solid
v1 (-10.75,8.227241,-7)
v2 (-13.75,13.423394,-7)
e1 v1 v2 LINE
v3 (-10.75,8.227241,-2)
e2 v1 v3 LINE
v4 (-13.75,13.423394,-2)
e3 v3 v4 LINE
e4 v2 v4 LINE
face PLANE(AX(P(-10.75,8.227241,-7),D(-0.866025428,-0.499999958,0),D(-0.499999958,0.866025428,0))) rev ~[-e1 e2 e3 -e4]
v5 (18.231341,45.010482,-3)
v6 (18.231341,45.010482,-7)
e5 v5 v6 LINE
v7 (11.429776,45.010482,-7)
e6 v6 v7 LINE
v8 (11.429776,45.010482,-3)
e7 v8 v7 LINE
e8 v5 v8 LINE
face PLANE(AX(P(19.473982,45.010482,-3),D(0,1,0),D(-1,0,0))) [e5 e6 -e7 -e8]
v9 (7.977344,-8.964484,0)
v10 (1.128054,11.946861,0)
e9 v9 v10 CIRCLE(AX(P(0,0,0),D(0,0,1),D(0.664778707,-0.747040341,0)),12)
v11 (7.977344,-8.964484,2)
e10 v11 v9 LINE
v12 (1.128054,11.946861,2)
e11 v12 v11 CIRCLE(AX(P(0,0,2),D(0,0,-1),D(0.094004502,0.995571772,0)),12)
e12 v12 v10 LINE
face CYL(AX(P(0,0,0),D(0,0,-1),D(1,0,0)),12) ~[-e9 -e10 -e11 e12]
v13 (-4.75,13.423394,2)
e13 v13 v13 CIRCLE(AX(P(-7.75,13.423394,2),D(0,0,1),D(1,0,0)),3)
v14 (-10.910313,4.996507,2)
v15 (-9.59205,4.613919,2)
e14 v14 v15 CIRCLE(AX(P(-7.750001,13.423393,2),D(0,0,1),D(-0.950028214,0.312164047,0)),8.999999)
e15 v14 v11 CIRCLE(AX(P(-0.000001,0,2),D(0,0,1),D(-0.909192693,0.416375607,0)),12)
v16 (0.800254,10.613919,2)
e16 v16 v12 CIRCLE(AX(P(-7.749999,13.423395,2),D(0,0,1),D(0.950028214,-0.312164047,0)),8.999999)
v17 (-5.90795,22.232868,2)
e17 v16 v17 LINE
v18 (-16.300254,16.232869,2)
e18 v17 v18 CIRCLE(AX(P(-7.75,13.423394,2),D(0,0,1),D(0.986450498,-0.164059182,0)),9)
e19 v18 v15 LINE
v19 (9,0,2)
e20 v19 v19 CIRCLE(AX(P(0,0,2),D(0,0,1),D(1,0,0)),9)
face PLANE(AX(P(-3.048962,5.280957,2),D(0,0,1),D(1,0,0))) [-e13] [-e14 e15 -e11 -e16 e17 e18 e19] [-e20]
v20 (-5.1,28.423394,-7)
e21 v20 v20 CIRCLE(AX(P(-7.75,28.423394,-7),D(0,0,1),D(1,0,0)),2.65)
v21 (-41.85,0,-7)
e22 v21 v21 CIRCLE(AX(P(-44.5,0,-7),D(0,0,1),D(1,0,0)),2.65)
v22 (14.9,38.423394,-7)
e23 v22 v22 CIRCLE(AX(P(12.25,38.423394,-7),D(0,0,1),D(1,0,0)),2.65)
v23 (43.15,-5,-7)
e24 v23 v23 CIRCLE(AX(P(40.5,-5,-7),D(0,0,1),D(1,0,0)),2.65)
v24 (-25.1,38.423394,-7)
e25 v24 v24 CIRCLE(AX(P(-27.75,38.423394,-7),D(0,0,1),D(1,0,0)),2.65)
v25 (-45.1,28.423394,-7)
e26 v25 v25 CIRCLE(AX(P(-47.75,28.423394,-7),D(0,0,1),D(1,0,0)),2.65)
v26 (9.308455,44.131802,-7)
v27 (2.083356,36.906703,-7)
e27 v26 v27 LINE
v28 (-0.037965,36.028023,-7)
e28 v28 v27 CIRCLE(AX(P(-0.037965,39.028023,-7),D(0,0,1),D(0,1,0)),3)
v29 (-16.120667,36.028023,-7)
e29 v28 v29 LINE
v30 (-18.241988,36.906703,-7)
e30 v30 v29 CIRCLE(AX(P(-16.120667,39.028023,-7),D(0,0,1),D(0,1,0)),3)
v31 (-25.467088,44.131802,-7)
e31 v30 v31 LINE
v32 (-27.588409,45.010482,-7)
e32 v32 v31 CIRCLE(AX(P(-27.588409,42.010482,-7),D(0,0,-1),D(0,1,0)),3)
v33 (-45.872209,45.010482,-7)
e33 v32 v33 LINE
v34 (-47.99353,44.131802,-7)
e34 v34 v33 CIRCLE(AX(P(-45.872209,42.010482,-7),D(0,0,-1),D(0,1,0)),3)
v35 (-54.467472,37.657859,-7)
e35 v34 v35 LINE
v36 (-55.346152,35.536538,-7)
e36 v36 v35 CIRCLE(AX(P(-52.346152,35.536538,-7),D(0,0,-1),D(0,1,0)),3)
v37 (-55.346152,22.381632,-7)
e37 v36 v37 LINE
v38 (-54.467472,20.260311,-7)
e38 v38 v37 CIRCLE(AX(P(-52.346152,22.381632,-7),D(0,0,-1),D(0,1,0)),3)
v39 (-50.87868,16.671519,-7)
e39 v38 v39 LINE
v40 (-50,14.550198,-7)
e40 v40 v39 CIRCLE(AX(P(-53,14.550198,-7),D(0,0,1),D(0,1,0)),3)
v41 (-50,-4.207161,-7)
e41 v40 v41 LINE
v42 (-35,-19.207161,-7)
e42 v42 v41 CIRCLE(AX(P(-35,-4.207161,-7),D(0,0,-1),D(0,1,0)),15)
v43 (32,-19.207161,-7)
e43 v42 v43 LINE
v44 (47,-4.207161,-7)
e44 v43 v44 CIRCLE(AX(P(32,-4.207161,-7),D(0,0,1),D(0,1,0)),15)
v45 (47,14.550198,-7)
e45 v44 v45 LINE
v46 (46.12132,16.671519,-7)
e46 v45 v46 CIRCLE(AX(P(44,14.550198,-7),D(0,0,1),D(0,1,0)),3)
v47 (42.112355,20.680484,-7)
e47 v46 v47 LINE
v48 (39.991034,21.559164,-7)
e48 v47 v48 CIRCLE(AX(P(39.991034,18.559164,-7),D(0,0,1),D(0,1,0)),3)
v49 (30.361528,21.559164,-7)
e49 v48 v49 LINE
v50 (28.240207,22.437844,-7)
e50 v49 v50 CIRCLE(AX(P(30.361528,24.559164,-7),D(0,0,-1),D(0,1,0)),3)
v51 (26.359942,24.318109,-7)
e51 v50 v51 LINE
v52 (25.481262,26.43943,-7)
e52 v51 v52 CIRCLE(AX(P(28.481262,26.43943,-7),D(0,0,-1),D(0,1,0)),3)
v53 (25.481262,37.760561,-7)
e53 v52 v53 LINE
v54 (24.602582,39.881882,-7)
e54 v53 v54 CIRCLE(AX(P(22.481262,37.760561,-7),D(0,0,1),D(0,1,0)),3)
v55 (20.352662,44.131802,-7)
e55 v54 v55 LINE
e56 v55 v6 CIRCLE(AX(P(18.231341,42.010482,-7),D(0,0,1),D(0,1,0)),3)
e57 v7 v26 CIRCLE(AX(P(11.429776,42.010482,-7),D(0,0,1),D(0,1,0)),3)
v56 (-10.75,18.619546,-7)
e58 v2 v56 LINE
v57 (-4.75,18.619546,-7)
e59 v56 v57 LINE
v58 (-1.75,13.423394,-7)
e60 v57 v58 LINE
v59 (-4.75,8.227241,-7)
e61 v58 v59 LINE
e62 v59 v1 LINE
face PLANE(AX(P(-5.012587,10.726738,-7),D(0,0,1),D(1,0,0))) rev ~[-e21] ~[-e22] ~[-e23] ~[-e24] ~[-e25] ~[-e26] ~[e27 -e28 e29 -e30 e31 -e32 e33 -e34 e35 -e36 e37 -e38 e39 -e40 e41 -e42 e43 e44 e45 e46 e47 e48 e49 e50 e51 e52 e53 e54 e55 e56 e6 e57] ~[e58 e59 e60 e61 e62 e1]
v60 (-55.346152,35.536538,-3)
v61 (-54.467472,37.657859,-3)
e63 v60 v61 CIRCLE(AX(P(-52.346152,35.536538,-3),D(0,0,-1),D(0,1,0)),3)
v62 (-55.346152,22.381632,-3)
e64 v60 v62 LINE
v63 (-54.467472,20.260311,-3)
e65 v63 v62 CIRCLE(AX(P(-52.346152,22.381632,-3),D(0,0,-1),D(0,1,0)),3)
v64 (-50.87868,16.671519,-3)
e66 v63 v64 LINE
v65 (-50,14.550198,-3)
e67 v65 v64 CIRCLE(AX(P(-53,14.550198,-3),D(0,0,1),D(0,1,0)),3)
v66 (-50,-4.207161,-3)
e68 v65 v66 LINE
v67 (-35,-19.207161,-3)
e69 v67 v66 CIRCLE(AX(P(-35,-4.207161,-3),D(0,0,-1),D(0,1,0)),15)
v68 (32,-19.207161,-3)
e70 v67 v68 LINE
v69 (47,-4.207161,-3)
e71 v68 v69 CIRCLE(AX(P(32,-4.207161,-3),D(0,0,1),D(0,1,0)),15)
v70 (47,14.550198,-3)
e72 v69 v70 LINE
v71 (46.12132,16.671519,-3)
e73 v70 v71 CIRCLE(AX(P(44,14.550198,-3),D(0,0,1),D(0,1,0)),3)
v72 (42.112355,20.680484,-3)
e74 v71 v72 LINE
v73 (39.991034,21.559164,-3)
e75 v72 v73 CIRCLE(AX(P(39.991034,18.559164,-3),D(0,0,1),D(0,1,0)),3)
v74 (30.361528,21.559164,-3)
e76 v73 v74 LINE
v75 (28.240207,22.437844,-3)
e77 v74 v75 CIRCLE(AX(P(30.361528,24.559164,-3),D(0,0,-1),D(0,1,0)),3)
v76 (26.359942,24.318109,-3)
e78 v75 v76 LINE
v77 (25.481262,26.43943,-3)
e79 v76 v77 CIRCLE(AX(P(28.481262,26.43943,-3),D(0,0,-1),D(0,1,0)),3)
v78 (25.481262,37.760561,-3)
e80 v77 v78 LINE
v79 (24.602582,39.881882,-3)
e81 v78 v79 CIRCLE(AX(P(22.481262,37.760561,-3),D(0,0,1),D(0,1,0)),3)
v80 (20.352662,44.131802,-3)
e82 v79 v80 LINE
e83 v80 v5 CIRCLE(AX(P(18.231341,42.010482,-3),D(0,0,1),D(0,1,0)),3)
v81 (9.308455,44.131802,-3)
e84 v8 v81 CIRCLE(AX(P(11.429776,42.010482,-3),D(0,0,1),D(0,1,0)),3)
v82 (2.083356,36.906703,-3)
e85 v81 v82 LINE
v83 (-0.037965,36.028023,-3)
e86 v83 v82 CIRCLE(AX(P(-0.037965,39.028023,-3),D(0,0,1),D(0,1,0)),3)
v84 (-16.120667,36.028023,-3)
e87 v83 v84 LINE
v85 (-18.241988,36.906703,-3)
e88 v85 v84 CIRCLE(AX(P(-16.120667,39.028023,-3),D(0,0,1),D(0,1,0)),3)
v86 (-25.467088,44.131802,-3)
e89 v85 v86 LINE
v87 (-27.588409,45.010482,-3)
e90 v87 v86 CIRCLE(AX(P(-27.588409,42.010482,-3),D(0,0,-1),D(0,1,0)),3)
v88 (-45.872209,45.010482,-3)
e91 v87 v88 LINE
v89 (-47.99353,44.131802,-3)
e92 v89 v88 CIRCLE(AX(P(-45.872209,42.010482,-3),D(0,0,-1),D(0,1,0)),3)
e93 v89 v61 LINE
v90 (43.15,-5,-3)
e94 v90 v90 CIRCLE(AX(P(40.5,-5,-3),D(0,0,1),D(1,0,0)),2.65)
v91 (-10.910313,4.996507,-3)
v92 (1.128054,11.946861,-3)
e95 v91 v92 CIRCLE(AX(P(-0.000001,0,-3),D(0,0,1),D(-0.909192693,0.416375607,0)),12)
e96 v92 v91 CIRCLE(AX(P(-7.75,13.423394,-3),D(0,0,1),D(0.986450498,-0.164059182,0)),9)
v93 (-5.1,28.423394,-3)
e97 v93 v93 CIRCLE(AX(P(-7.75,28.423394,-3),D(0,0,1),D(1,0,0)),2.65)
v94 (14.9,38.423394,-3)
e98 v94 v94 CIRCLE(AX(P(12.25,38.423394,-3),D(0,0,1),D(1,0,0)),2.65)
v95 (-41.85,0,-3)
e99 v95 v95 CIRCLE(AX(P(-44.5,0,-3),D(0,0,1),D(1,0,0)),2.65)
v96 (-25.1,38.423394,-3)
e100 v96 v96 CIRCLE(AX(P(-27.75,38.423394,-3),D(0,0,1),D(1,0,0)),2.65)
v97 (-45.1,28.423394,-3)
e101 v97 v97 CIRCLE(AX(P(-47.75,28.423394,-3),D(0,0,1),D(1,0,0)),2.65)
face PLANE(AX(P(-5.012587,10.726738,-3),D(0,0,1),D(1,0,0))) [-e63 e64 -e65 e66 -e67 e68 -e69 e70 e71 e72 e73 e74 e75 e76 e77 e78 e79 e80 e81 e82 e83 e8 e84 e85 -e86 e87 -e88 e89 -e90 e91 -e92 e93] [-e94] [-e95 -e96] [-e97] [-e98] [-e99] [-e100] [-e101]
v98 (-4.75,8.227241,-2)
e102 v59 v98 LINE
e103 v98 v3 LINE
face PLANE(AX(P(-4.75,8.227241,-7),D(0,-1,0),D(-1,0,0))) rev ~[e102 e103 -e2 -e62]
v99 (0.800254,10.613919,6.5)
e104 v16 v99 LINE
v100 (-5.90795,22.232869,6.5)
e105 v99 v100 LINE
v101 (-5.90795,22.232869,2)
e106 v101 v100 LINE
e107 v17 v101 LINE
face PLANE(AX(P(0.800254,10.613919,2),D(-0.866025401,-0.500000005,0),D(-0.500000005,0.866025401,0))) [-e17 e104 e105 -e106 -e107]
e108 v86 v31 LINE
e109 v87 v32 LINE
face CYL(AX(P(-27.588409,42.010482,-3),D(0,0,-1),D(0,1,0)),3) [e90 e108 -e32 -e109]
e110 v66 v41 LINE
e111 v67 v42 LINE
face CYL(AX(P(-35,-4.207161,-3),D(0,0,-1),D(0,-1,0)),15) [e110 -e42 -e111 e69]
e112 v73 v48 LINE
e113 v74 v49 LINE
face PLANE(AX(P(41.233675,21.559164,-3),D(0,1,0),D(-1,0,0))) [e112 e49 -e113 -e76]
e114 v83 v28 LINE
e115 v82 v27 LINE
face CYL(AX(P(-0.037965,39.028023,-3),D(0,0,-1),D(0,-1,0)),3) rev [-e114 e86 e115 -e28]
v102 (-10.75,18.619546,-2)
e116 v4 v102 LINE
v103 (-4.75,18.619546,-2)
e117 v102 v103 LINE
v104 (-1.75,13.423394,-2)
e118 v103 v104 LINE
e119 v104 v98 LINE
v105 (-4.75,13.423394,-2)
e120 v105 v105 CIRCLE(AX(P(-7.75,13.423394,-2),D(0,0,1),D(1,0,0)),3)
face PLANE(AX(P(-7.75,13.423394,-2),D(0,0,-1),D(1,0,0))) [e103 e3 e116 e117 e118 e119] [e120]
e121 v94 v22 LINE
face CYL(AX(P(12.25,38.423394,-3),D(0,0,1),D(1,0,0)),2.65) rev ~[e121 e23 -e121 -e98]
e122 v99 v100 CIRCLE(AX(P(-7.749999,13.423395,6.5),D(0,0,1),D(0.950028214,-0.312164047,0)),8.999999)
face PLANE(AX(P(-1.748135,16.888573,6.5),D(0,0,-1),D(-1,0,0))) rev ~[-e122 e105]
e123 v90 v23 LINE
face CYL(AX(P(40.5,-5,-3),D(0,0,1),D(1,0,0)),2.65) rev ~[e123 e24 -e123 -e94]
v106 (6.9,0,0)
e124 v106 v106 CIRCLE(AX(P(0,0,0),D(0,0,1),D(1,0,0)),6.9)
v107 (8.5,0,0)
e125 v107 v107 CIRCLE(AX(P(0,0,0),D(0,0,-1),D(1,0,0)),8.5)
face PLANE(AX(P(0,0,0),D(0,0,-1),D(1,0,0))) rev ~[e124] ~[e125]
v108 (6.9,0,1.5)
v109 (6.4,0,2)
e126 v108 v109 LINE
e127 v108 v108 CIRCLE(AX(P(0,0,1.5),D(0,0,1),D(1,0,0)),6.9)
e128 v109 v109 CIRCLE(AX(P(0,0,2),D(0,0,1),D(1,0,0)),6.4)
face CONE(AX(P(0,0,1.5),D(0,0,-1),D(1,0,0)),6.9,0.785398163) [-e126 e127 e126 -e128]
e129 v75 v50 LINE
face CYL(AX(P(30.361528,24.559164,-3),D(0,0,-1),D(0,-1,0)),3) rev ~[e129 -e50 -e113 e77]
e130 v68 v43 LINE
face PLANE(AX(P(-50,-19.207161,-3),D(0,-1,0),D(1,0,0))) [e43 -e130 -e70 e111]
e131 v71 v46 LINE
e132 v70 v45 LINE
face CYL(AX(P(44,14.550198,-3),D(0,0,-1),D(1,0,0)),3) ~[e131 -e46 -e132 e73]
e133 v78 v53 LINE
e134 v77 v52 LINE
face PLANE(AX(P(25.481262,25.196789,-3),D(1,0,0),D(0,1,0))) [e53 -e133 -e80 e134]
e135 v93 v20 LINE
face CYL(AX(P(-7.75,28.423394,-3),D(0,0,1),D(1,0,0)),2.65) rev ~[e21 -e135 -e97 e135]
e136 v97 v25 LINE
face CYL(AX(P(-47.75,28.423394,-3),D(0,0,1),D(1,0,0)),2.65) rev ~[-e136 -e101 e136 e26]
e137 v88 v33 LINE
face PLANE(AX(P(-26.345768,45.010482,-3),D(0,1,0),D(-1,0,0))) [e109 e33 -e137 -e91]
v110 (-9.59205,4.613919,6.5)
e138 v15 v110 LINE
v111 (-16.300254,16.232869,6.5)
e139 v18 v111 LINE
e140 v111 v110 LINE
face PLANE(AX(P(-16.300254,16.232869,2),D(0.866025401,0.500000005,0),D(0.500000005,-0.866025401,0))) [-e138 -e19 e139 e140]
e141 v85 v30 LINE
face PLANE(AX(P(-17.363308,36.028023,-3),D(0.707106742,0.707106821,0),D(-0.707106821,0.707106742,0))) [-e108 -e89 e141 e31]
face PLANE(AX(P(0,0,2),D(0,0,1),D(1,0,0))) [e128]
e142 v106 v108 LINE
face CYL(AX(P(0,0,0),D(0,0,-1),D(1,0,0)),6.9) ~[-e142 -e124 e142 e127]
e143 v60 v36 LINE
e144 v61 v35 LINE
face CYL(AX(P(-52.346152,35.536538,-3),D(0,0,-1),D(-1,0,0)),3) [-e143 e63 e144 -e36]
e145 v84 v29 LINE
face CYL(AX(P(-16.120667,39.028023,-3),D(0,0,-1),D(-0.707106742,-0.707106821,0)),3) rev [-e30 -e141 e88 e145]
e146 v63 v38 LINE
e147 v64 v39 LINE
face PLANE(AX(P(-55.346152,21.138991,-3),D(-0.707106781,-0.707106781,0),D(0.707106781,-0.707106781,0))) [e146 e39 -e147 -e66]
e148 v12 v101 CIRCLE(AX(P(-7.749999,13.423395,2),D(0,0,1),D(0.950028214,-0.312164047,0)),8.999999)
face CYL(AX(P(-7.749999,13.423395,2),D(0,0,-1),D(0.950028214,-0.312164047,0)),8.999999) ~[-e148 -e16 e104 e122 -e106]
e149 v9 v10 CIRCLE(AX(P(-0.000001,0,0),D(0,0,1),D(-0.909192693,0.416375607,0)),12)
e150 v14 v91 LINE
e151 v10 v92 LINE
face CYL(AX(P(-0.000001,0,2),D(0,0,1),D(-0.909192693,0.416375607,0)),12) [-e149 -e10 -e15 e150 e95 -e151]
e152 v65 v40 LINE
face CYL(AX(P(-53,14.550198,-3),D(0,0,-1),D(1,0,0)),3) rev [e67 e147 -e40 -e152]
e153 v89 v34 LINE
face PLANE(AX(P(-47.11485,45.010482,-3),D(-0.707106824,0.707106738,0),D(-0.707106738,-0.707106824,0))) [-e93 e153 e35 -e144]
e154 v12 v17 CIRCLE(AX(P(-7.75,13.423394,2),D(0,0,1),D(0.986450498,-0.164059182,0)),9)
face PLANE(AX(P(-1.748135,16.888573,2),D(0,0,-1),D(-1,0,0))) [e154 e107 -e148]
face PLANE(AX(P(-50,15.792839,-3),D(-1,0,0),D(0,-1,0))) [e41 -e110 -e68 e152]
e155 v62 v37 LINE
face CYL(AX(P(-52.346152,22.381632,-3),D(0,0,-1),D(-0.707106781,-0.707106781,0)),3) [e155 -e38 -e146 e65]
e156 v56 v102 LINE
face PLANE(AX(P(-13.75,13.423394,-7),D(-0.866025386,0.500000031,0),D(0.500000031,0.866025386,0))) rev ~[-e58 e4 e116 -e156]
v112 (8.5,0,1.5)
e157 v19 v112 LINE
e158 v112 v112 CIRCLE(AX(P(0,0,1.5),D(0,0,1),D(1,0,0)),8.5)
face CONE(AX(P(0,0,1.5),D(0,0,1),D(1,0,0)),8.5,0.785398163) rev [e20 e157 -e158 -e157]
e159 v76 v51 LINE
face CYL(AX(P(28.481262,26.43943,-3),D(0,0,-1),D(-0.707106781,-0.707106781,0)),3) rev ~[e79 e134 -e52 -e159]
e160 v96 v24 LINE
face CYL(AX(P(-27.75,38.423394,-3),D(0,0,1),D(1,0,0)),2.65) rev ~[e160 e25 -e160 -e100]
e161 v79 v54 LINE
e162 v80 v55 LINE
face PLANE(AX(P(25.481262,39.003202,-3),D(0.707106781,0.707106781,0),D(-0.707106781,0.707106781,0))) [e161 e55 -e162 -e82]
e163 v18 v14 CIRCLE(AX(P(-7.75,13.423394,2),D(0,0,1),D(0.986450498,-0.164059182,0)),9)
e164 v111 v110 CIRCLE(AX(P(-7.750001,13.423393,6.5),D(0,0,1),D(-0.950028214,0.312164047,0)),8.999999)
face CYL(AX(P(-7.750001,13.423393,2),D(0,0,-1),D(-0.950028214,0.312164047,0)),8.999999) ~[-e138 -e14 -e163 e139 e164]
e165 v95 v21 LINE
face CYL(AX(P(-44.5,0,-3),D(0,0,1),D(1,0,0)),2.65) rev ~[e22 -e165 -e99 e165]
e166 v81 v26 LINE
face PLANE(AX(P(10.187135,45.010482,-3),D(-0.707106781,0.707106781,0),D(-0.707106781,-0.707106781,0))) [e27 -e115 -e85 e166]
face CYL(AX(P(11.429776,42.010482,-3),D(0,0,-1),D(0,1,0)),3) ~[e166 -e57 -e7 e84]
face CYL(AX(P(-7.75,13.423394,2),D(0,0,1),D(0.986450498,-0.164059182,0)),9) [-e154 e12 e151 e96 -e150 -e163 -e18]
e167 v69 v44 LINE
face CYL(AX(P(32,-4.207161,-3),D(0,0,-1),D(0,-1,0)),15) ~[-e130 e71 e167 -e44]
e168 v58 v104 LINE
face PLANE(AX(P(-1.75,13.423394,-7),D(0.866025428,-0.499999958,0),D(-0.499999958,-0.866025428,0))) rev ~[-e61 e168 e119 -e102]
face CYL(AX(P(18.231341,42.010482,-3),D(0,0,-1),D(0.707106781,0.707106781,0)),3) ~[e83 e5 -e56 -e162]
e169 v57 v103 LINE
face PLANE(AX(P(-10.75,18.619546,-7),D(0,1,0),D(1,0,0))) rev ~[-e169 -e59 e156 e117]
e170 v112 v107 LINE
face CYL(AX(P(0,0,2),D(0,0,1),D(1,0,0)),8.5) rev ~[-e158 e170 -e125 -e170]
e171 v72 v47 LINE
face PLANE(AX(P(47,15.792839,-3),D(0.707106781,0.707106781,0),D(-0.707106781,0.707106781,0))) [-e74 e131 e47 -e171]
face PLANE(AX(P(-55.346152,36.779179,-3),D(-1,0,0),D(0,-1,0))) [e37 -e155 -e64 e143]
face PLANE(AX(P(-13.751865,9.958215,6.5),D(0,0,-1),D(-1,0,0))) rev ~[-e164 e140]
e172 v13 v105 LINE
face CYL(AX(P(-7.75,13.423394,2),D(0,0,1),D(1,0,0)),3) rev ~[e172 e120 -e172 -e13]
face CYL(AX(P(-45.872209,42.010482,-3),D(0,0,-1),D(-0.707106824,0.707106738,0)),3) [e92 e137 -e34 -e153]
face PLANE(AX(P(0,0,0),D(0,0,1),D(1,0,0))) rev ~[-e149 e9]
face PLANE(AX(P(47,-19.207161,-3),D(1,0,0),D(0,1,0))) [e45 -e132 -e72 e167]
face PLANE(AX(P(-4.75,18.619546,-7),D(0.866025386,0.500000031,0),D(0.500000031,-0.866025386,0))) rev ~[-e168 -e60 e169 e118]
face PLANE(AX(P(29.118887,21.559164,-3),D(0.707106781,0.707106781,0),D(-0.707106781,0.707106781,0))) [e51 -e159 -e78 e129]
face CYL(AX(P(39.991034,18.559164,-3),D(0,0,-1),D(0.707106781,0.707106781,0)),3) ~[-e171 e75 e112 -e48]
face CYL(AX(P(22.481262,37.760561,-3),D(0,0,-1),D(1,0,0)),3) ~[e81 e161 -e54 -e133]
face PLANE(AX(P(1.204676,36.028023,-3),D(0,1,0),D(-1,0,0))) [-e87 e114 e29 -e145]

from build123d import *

# Parameters (mm, degrees)
SKETCH_R        = 12
SKETCH_R_2      = 8.5
PAD_DEPTH       = 2
SKETCH001_R     = 8.5
SKETCH001_R_2   = 3
PAD001_DEPTH    = 5
SKETCH002_R     = 8.5
PAD002_DEPTH    = 3
SKETCH003_R     = 6.9
PAD003_DEPTH    = 2
PAD004_DEPTH    = 4.5
SKETCH006_R     = 3
POCKET_DEPTH    = 5
SKETCH005_R     = 2.65
PAD005_DEPTH    = 4
POCKET001_DEPTH = 5
FILLET_R        = 15
CHAMFER_SIZE    = 0.5
FILLET001_R     = 3


with BuildPart() as part:
    # Sketch → Pad (new body)
    with BuildSketch(Plane.XY):
        Circle(SKETCH_R)
        Circle(SKETCH_R_2, mode=Mode.SUBTRACT)
    extrude(amount=PAD_DEPTH)

    # Sketch001 (on Face4 of Pad) → Pad001 (join)
    with BuildSketch(Plane.XY.offset(2)):
        with BuildLine():
            ThreePointArc((1.128054, 11.946861), (-12.25, 21.217622), (-10.910313, 4.996507))
            ThreePointArc((-10.910313, 4.996507), (6, -10.392305), (1.128054, 11.946861))
        make_face()
        Circle(SKETCH001_R, mode=Mode.SUBTRACT)
        with Locations((-7.75, 13.423394)):
            Circle(SKETCH001_R_2, mode=Mode.SUBTRACT)
    extrude(amount=-PAD001_DEPTH)

    # Sketch002 (on Face6 of Pad001) → Pad002 (join)
    with BuildSketch(Plane(origin=(0, 0, -3), x_dir=(1, 0, 0), z_dir=(0, 0, -1))):
        Circle(SKETCH002_R)
    extrude(amount=-PAD002_DEPTH)

    # Sketch003 (on Face11 of Pad002) → Pad003 (join)
    with BuildSketch(Plane.XY):
        Circle(SKETCH003_R)
    extrude(amount=PAD003_DEPTH)

    # Sketch004 (on Face7 of Pad003) → Pad004 (join)
    with BuildSketch(Plane.XY.offset(2)):
        with BuildLine():
            Line((-16.300254, 16.232869), (-9.59205, 4.613919))
            ThreePointArc((-16.300254, 16.232869), (-15.544229, 8.923394), (-9.59205, 4.613919))
        make_face()
        with BuildLine():
            Line((0.800254, 10.613919), (-5.90795, 22.232869))
            ThreePointArc((0.800254, 10.613919), (0.044229, 17.923394), (-5.90795, 22.232869))
        make_face()
    extrude(amount=PAD004_DEPTH)

    # Sketch006 → Pocket (cut)
    with BuildSketch(Plane.XY.offset(-3)):
        with Locations((-7.75, 13.423394)):
            Circle(SKETCH006_R)
    extrude(amount=-POCKET_DEPTH, mode=Mode.SUBTRACT)

    # Sketch005 (on Face19 of Pad004) → Pad005 (join)
    with BuildSketch(Plane.XY.offset(-3)):
        Polygon((-50, -19.207161), (47, -19.207161), (47, 15.792839), (41.233675, 21.559164), (29.118887, 21.559164), (25.481262, 25.196789), (25.481262, 39.003202), (19.473982, 45.010482), (10.187135, 45.010482), (1.204676, 36.028023), (-17.363308, 36.028023), (-26.345768, 45.010482), (-47.11485, 45.010482), (-55.346152, 36.779179), (-55.346152, 21.138991), (-50, 15.792839), align=None)
        with Locations((-44.5, 0)):
            Circle(SKETCH005_R, mode=Mode.SUBTRACT)
        with Locations((40.5, -5)):
            Circle(SKETCH005_R, mode=Mode.SUBTRACT)
        with Locations((-47.75, 28.423394)):
            Circle(SKETCH005_R, mode=Mode.SUBTRACT)
        with Locations((-7.75, 28.423394)):
            Circle(SKETCH005_R, mode=Mode.SUBTRACT)
        with Locations((-27.75, 38.423394)):
            Circle(SKETCH005_R, mode=Mode.SUBTRACT)
        with Locations((12.25, 38.423394)):
            Circle(SKETCH005_R, mode=Mode.SUBTRACT)
    extrude(amount=-PAD005_DEPTH)

    # Sketch008 (on Face5 of Pad005) → Pocket001 (cut)
    with BuildSketch(Plane(origin=(0, 0, -7), x_dir=(1, 0, 0), z_dir=(0, 0, -1))):
        Polygon((-10.75, -8.227241), (-13.75, -13.423394), (-10.75, -18.619546), (-4.75, -18.619546), (-1.75, -13.423394), (-4.75, -8.227241), align=None)
    extrude(amount=-POCKET001_DEPTH, mode=Mode.SUBTRACT)

    # Fillet
    fillet_edges = [part.edges().sort_by_distance(p)[0] for p in [
        (-50, -19.207161, -5),
        (47, -19.207161, -5),
    ]]
    fillet(fillet_edges, radius=FILLET_R)

    # Chamfer
    chamfer_edges = [part.edges().sort_by_distance(p)[0] for p in [
        (-6.9, 0, 2),
        (-8.5, 0, 2),
    ]]
    chamfer(chamfer_edges, length=CHAMFER_SIZE)

    # Fillet001
    fillet001_edges = [part.edges().sort_by_distance(p)[0] for p in [
        (47, 15.792839, -5),
        (41.233675, 21.559164, -5),
        (29.118887, 21.559164, -5),
        (25.481262, 25.196789, -5),
        (25.481262, 39.003202, -5),
        (19.473982, 45.010482, -5),
        (10.187135, 45.010482, -5),
        (1.204676, 36.028023, -5),
        (-17.363308, 36.028023, -5),
        (-26.345768, 45.010482, -5),
        (-47.11485, 45.010482, -5),
        (-55.346152, 36.779179, -5),
        (-55.346152, 21.138991, -5),
        (-50, 15.792839, -5),
    ]]
    fillet(fillet001_edges, radius=FILLET001_R)


solid = part.part
